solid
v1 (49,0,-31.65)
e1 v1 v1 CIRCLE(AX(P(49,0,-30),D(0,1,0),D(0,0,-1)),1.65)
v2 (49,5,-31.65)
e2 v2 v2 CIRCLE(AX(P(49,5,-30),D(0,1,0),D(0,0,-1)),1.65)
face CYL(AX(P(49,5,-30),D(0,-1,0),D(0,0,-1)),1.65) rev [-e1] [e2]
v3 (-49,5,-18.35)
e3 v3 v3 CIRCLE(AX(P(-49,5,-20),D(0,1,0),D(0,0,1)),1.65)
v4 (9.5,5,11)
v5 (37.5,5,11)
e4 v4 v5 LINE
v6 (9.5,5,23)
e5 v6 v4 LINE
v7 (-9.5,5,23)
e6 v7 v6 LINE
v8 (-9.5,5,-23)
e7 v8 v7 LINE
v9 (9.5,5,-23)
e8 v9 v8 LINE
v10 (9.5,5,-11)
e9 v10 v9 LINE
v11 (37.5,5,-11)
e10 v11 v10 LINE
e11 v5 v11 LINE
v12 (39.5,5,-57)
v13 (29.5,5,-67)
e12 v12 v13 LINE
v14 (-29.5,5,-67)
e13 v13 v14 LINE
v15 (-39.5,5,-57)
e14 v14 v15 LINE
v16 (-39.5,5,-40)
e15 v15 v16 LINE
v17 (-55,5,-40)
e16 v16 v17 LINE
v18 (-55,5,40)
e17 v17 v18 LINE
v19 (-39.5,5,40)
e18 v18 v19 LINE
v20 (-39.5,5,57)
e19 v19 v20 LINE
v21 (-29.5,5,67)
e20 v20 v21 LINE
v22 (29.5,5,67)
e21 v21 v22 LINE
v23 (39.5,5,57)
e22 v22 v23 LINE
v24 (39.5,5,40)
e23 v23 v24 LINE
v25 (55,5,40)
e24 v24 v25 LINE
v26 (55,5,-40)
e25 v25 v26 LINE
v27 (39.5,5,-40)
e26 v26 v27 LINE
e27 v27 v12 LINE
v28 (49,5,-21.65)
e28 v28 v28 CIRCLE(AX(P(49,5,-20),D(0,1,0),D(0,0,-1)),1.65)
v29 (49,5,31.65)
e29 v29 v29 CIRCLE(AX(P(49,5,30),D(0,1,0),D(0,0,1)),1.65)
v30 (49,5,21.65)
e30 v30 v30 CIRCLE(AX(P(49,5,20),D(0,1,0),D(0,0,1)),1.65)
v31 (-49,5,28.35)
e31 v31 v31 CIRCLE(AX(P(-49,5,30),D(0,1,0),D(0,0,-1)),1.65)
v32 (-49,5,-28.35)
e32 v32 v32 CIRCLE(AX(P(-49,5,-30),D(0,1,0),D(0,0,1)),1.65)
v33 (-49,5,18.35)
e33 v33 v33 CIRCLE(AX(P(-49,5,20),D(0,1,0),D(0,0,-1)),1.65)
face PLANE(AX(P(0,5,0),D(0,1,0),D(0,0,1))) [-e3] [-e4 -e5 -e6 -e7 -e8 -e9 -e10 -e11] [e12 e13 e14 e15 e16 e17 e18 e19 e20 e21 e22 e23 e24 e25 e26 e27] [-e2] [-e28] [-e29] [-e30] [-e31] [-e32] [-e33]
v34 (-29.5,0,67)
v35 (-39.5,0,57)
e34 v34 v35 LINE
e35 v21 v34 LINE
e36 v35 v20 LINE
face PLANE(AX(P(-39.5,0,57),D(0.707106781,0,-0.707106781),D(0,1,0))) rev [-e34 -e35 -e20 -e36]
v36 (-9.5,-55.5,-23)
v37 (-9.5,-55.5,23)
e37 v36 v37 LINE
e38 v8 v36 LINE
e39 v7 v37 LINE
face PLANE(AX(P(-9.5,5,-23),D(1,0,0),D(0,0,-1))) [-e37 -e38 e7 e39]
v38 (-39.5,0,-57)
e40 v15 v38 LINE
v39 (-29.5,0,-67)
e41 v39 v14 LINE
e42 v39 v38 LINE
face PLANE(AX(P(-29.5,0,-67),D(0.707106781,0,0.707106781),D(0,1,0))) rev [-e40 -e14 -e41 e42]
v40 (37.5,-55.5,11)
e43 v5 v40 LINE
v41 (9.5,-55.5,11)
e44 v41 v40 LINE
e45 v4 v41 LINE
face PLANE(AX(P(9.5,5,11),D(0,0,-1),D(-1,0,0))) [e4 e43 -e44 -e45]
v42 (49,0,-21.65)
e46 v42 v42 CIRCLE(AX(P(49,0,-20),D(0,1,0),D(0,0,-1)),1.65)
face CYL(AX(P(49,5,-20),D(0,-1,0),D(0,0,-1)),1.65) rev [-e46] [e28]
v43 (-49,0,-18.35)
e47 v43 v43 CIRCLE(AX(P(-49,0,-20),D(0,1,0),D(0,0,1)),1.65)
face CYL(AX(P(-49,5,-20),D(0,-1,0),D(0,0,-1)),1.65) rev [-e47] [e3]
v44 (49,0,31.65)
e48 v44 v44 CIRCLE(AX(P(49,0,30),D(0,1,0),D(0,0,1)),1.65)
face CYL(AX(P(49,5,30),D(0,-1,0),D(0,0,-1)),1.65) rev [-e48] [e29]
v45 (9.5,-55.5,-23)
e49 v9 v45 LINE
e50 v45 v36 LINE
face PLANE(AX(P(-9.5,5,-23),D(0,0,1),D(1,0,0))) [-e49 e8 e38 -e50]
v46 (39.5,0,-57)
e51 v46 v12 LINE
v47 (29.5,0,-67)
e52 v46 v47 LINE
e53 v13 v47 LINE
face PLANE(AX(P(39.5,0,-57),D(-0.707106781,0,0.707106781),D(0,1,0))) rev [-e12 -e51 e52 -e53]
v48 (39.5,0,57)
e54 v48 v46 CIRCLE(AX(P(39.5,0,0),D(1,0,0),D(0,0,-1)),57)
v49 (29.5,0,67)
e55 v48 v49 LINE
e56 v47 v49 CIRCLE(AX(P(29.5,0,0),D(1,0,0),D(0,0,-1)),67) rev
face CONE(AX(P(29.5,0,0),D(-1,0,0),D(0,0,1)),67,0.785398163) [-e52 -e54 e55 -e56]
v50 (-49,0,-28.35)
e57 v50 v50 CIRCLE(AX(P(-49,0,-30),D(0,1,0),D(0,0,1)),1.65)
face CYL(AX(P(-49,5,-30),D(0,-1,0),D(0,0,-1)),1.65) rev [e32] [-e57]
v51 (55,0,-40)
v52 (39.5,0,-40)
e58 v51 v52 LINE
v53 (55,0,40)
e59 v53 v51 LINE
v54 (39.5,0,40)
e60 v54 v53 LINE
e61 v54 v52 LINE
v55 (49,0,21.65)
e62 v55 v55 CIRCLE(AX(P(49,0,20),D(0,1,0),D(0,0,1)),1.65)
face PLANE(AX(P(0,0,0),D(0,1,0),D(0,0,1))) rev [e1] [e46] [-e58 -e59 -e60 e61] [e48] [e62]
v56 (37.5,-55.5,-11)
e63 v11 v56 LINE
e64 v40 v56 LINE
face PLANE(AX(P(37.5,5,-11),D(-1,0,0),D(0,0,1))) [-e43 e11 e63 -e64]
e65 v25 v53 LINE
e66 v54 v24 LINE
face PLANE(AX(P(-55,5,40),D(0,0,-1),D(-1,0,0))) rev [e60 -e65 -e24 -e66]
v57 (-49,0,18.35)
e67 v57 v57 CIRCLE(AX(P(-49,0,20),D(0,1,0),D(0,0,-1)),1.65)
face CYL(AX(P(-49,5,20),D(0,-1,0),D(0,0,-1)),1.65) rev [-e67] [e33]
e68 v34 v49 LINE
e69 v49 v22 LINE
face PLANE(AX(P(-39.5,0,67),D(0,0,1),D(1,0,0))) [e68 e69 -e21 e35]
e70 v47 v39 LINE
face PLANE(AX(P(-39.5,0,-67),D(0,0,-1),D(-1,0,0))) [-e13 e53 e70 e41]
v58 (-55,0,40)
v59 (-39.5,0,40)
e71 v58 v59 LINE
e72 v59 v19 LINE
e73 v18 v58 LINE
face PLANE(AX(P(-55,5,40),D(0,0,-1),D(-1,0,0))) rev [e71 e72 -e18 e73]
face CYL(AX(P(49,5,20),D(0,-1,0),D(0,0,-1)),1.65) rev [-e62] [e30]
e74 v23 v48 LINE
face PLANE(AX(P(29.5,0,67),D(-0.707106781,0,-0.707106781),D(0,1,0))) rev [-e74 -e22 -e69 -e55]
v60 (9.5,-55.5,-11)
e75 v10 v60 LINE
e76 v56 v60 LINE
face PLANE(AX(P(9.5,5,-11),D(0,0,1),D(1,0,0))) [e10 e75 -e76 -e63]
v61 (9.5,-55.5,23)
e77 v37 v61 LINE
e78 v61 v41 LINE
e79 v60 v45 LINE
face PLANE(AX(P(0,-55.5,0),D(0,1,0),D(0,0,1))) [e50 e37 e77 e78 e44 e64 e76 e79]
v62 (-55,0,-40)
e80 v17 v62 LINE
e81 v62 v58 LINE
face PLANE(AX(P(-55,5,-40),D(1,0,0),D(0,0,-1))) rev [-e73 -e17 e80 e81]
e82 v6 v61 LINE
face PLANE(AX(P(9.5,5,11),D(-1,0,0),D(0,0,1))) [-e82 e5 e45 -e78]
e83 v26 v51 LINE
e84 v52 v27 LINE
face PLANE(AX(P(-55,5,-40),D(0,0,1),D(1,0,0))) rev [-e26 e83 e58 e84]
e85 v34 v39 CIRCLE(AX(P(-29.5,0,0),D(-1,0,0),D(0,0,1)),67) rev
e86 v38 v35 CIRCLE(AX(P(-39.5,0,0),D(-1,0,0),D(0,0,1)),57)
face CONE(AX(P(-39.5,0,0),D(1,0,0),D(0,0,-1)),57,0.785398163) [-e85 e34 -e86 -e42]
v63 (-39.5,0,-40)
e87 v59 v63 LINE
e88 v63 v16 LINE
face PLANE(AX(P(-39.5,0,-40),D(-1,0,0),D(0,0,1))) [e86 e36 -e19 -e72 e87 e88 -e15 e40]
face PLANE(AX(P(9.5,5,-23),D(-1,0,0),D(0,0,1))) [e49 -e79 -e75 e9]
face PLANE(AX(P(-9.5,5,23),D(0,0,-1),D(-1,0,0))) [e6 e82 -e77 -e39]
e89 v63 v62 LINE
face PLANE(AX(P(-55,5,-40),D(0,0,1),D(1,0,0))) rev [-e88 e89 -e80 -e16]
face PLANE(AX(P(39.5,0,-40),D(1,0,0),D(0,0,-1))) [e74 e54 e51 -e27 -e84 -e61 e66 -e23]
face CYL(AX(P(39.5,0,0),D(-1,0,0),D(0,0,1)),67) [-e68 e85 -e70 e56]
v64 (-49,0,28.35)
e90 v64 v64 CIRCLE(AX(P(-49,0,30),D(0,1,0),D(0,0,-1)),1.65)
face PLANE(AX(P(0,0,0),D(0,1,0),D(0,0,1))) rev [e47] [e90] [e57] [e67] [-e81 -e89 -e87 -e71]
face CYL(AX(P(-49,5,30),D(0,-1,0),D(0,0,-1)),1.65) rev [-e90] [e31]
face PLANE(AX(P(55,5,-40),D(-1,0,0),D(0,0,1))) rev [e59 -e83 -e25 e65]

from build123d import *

# Parameters (mm, degrees)
SKETCH2_W           = 110
SKETCH2_H           = 80
SKETCH2_R           = 1.65
BOSS_EXTRUDE1_DEPTH = 5
SKETCH4_W           = 79
SKETCH4_H           = 27
BOSS_EXTRUDE2_DEPTH = 5
BOSS_EXTRUDE3_DEPTH = 79
SKETCH7_W           = 28
SKETCH7_H           = 22
CUT_EXTRUDE1_DEPTH  = 55.5
CHAMFER1_SIZE       = 10


with BuildPart() as part:
    # Sketch2 → Boss-Extrude1 (new body)
    with BuildSketch(Plane(origin=(0, 0, 0), x_dir=(1, 0, 0), z_dir=(0, 1, 0))):
        Rectangle(SKETCH2_W, SKETCH2_H)
        with Locations(Location((-49, 30, 0), (0, 0, 270))):
            Circle(SKETCH2_R, mode=Mode.SUBTRACT)
        with Locations(Location((-49, 20, 0), (0, 0, 270))):
            Circle(SKETCH2_R, mode=Mode.SUBTRACT)
        with Locations(Location((49, 20, 0), (0, 0, 90))):
            Circle(SKETCH2_R, mode=Mode.SUBTRACT)
        with Locations(Location((49, 30, 0), (0, 0, 90))):
            Circle(SKETCH2_R, mode=Mode.SUBTRACT)
        with Locations(Location((49, -30, 0), (0, 0, 270))):
            Circle(SKETCH2_R, mode=Mode.SUBTRACT)
        with Locations(Location((49, -20, 0), (0, 0, 270))):
            Circle(SKETCH2_R, mode=Mode.SUBTRACT)
        with Locations(Location((-49, -30, 0), (0, 0, 90))):
            Circle(SKETCH2_R, mode=Mode.SUBTRACT)
        with Locations(Location((-49, -20, 0), (0, 0, 90))):
            Circle(SKETCH2_R, mode=Mode.SUBTRACT)
        Polygon((9.5, -11), (9.5, -23), (-9.5, -23), (-9.5, 23), (9.5, 23), (9.5, 11), (37.5, 11), (37.5, -11), align=None, mode=Mode.SUBTRACT)
    extrude(amount=BOSS_EXTRUDE1_DEPTH)

    # Sketch4 → Boss-Extrude2 (add)
    with BuildSketch(Plane(origin=(0, 5, 0), x_dir=(1, 0, 0), z_dir=(0, 1, 0))):
        with Locations((0, 53.5)):
            Rectangle(SKETCH4_W, SKETCH4_H)
        with Locations((0, -53.5)):
            Rectangle(SKETCH4_W, SKETCH4_H)
    extrude(amount=-BOSS_EXTRUDE2_DEPTH)

    # Sketch6 → Boss-Extrude3 (add)
    with BuildSketch(Plane.ZY.offset(39.5)):
        with BuildLine():
            Line((-67, 0), (67, 0))
            ThreePointArc((67, 0), (0, -67), (-67, 0))
        make_face()
    extrude(amount=-BOSS_EXTRUDE3_DEPTH)

    # Sketch7 → Cut-Extrude1 (cut)
    with BuildSketch(Plane(origin=(0, 0, 0), x_dir=(1, 0, 0), z_dir=(0, 1, 0))):
        with Locations((23.5, 0)):
            Rectangle(SKETCH7_W, SKETCH7_H)
        Polygon((-9.5, 23), (-9.5, -23), (9.5, -23), (9.5, -11), (9.5, 11), (9.5, 23), align=None)
    extrude(amount=-CUT_EXTRUDE1_DEPTH, mode=Mode.SUBTRACT)

    # Chamfer1
    chamfer1_edges = [part.edges().sort_by_distance(p)[0] for p in [
        (39.5, -67, 0),
        (-39.5, -67, 0),
        (-39.5, 2.5, -67),
        (39.5, 2.5, -67),
        (39.5, 2.5, 67),
        (-39.5, 2.5, 67),
    ]]
    chamfer(chamfer1_edges, length=CHAMFER1_SIZE)


solid = part.part
